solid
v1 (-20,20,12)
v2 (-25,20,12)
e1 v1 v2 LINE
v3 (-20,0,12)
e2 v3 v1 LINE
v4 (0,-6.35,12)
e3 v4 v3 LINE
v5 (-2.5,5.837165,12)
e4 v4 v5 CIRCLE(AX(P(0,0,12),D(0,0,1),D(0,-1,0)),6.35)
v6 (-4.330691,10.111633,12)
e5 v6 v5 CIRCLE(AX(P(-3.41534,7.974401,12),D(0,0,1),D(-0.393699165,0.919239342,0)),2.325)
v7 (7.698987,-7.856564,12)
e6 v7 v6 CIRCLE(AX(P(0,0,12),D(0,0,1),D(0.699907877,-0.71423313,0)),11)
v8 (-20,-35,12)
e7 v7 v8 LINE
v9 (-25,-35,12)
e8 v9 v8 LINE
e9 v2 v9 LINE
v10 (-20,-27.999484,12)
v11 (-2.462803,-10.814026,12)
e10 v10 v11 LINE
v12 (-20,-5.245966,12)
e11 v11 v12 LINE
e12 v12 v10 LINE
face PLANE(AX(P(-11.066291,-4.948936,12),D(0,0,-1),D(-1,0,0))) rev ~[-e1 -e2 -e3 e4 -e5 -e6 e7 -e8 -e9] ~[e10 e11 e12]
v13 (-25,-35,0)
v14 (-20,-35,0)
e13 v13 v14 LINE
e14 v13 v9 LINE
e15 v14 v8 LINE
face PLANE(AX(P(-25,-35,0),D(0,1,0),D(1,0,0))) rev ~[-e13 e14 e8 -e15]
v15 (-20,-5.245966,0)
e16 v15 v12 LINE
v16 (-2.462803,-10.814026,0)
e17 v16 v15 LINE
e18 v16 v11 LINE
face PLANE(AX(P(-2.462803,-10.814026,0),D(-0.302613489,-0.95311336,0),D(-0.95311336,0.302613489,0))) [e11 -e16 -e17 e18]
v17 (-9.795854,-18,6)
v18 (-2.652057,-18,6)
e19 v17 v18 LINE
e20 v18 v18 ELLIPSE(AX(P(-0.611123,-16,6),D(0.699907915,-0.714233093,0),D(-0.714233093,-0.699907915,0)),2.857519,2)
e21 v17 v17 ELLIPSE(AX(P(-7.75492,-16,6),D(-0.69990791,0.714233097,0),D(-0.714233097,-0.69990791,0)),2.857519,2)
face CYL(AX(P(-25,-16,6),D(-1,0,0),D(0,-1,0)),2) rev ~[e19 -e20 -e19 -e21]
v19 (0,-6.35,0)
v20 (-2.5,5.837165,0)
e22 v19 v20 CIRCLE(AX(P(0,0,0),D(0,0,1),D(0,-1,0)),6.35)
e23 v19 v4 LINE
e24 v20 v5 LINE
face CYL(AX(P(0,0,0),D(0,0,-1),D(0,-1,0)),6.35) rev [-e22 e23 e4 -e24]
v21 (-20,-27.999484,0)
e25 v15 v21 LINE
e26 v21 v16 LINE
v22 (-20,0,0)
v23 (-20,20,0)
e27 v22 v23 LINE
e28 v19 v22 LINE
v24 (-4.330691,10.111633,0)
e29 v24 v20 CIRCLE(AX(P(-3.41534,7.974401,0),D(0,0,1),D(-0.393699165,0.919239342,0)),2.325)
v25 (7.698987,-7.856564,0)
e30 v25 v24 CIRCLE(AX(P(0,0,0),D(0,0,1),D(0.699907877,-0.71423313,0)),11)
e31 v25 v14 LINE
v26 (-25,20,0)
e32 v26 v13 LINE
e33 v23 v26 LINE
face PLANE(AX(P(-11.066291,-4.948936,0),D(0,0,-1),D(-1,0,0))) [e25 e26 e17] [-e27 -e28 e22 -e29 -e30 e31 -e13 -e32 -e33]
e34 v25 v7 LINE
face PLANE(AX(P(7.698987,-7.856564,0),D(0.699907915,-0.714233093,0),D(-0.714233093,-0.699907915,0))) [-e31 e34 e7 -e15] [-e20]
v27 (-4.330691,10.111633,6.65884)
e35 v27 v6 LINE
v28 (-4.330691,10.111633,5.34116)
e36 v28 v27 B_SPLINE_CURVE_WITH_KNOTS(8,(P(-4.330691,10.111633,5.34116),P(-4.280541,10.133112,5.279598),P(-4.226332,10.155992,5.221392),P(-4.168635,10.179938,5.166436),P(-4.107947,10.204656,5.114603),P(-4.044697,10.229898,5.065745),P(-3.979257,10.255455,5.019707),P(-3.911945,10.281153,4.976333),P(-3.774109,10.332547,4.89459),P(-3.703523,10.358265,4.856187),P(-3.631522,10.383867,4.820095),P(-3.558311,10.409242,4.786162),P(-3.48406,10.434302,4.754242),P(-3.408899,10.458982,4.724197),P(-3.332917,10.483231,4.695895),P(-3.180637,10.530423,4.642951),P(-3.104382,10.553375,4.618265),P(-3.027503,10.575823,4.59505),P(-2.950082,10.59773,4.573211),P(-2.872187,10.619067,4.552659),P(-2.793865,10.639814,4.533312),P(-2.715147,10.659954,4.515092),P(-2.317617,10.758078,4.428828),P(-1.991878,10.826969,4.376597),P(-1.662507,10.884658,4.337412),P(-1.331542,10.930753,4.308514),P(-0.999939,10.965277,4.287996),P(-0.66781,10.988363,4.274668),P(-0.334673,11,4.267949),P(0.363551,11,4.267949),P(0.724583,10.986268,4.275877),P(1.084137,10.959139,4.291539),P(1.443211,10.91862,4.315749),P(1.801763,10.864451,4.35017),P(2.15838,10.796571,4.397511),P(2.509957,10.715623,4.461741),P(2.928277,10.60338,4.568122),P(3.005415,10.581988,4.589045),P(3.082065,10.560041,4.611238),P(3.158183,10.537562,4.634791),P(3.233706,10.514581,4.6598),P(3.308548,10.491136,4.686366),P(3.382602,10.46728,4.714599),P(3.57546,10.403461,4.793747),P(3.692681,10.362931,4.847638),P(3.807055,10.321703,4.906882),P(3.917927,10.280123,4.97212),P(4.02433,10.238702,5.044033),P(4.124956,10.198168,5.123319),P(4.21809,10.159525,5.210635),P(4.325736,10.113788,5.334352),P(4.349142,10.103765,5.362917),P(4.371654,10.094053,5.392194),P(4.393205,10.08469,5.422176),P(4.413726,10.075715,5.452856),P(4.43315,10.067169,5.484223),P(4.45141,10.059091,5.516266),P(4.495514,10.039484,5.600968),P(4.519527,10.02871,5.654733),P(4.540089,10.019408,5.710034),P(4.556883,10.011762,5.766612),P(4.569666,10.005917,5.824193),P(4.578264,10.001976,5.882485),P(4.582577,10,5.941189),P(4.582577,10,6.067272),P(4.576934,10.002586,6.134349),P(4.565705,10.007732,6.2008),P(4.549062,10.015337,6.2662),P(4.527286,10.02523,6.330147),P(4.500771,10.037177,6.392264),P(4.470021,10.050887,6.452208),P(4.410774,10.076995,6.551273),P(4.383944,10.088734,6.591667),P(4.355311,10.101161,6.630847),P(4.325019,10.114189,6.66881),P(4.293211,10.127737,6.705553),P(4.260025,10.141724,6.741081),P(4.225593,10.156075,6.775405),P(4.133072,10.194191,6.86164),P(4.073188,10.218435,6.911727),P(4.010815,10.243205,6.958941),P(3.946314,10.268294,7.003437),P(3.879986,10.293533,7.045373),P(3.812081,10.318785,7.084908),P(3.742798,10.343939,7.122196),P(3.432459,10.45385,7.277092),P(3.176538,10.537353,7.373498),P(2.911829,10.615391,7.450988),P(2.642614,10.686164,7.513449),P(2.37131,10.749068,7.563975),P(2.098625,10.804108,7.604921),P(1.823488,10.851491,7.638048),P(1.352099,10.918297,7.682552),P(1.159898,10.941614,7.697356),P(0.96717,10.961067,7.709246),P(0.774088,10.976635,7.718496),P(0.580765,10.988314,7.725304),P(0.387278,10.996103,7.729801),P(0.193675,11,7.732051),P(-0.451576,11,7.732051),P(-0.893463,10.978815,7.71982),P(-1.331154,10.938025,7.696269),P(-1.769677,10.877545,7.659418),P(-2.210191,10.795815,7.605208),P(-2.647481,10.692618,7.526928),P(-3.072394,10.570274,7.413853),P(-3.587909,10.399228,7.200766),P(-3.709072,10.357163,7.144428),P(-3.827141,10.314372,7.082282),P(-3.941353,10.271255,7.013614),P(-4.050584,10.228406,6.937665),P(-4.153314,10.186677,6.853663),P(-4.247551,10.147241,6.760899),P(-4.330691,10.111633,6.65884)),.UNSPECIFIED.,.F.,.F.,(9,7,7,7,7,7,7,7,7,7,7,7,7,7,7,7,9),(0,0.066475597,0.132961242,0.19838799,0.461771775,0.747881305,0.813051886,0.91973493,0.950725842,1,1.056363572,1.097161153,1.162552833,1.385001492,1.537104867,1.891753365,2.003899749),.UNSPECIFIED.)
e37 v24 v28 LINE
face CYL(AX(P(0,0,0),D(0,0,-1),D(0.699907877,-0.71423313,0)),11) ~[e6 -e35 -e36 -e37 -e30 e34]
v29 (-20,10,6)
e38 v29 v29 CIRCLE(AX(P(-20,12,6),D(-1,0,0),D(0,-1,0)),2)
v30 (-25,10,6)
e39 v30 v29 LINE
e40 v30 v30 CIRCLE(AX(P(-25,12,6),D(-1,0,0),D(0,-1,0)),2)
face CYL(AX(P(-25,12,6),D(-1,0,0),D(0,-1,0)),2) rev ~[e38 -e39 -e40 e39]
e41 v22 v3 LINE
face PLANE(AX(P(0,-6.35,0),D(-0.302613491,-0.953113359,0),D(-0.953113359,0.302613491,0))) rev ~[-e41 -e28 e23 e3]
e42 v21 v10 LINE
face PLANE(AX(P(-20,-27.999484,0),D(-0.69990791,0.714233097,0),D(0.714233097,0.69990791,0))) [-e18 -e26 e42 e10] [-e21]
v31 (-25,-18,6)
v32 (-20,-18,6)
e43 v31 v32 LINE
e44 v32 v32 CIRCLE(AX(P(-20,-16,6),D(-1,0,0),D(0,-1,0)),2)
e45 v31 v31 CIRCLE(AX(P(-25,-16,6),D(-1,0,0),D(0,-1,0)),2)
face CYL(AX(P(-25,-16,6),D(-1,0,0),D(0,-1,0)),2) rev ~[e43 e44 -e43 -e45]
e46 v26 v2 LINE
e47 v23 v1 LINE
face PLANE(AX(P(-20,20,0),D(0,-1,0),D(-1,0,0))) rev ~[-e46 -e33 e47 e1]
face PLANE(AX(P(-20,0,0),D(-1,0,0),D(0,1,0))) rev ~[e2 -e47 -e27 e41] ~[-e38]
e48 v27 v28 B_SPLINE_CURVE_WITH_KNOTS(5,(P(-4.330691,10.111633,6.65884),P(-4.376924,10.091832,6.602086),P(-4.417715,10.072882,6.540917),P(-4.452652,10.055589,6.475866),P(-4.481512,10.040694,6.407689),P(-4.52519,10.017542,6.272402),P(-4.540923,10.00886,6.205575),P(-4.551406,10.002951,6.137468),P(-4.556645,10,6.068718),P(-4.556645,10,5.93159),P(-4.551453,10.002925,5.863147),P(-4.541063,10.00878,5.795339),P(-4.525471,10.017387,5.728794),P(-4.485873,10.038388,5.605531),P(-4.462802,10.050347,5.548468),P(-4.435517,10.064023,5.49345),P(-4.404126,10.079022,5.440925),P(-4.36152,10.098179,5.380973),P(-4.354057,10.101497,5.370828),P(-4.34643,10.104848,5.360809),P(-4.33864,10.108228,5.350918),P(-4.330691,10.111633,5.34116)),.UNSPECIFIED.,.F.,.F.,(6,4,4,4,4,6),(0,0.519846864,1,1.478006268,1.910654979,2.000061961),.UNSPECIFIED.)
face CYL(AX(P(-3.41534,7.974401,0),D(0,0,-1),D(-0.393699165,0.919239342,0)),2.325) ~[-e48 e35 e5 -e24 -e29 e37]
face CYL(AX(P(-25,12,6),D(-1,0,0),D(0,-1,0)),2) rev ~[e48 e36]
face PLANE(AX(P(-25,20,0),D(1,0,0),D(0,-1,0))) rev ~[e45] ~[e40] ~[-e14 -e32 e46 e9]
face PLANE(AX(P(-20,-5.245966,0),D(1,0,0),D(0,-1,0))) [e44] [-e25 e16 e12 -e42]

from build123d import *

# Parameters (mm, degrees)
PAD_DEPTH    = 12
SKETCH002_R  = 2
POCKET_DEPTH = 36.001


with BuildPart() as part:
    # Sketch001 → Pad (new body)
    with BuildSketch(Plane.XY):
        with BuildLine():
            ThreePointArc((0, -6.35), (6.22047, 1.276029), (-2.5, 5.837165))
            ThreePointArc((-4.330691, 10.111633), (-5.552574, 7.059055), (-2.5, 5.837165))
            ThreePointArc((7.698987, -7.856564), (9.14059, 6.11961), (-4.330691, 10.111633))
            Line((7.698987, -7.856564), (-20, -35))
            Line((-25, -35), (-20, -35))
            Line((-25, 20), (-25, -35))
            Line((-20, 20), (-25, 20))
            Line((-20, 0), (-20, 20))
            Line((0, -6.35), (-20, 0))
        make_face()
        Polygon((-20, -5.245966), (-20, -27.999484), (-2.462803, -10.814026), align=None, mode=Mode.SUBTRACT)
    extrude(amount=PAD_DEPTH)

    # Sketch002 → Pocket (cut, through all)
    with BuildSketch(Plane(origin=(-25, 0, 0), x_dir=(0, -1, 0), z_dir=(-1, 0, 0))):
        with Locations((-12, 6)):
            Circle(SKETCH002_R)
        with Locations((16, 6)):
            Circle(SKETCH002_R)
    extrude(amount=-POCKET_DEPTH, mode=Mode.SUBTRACT)


solid = part.part
